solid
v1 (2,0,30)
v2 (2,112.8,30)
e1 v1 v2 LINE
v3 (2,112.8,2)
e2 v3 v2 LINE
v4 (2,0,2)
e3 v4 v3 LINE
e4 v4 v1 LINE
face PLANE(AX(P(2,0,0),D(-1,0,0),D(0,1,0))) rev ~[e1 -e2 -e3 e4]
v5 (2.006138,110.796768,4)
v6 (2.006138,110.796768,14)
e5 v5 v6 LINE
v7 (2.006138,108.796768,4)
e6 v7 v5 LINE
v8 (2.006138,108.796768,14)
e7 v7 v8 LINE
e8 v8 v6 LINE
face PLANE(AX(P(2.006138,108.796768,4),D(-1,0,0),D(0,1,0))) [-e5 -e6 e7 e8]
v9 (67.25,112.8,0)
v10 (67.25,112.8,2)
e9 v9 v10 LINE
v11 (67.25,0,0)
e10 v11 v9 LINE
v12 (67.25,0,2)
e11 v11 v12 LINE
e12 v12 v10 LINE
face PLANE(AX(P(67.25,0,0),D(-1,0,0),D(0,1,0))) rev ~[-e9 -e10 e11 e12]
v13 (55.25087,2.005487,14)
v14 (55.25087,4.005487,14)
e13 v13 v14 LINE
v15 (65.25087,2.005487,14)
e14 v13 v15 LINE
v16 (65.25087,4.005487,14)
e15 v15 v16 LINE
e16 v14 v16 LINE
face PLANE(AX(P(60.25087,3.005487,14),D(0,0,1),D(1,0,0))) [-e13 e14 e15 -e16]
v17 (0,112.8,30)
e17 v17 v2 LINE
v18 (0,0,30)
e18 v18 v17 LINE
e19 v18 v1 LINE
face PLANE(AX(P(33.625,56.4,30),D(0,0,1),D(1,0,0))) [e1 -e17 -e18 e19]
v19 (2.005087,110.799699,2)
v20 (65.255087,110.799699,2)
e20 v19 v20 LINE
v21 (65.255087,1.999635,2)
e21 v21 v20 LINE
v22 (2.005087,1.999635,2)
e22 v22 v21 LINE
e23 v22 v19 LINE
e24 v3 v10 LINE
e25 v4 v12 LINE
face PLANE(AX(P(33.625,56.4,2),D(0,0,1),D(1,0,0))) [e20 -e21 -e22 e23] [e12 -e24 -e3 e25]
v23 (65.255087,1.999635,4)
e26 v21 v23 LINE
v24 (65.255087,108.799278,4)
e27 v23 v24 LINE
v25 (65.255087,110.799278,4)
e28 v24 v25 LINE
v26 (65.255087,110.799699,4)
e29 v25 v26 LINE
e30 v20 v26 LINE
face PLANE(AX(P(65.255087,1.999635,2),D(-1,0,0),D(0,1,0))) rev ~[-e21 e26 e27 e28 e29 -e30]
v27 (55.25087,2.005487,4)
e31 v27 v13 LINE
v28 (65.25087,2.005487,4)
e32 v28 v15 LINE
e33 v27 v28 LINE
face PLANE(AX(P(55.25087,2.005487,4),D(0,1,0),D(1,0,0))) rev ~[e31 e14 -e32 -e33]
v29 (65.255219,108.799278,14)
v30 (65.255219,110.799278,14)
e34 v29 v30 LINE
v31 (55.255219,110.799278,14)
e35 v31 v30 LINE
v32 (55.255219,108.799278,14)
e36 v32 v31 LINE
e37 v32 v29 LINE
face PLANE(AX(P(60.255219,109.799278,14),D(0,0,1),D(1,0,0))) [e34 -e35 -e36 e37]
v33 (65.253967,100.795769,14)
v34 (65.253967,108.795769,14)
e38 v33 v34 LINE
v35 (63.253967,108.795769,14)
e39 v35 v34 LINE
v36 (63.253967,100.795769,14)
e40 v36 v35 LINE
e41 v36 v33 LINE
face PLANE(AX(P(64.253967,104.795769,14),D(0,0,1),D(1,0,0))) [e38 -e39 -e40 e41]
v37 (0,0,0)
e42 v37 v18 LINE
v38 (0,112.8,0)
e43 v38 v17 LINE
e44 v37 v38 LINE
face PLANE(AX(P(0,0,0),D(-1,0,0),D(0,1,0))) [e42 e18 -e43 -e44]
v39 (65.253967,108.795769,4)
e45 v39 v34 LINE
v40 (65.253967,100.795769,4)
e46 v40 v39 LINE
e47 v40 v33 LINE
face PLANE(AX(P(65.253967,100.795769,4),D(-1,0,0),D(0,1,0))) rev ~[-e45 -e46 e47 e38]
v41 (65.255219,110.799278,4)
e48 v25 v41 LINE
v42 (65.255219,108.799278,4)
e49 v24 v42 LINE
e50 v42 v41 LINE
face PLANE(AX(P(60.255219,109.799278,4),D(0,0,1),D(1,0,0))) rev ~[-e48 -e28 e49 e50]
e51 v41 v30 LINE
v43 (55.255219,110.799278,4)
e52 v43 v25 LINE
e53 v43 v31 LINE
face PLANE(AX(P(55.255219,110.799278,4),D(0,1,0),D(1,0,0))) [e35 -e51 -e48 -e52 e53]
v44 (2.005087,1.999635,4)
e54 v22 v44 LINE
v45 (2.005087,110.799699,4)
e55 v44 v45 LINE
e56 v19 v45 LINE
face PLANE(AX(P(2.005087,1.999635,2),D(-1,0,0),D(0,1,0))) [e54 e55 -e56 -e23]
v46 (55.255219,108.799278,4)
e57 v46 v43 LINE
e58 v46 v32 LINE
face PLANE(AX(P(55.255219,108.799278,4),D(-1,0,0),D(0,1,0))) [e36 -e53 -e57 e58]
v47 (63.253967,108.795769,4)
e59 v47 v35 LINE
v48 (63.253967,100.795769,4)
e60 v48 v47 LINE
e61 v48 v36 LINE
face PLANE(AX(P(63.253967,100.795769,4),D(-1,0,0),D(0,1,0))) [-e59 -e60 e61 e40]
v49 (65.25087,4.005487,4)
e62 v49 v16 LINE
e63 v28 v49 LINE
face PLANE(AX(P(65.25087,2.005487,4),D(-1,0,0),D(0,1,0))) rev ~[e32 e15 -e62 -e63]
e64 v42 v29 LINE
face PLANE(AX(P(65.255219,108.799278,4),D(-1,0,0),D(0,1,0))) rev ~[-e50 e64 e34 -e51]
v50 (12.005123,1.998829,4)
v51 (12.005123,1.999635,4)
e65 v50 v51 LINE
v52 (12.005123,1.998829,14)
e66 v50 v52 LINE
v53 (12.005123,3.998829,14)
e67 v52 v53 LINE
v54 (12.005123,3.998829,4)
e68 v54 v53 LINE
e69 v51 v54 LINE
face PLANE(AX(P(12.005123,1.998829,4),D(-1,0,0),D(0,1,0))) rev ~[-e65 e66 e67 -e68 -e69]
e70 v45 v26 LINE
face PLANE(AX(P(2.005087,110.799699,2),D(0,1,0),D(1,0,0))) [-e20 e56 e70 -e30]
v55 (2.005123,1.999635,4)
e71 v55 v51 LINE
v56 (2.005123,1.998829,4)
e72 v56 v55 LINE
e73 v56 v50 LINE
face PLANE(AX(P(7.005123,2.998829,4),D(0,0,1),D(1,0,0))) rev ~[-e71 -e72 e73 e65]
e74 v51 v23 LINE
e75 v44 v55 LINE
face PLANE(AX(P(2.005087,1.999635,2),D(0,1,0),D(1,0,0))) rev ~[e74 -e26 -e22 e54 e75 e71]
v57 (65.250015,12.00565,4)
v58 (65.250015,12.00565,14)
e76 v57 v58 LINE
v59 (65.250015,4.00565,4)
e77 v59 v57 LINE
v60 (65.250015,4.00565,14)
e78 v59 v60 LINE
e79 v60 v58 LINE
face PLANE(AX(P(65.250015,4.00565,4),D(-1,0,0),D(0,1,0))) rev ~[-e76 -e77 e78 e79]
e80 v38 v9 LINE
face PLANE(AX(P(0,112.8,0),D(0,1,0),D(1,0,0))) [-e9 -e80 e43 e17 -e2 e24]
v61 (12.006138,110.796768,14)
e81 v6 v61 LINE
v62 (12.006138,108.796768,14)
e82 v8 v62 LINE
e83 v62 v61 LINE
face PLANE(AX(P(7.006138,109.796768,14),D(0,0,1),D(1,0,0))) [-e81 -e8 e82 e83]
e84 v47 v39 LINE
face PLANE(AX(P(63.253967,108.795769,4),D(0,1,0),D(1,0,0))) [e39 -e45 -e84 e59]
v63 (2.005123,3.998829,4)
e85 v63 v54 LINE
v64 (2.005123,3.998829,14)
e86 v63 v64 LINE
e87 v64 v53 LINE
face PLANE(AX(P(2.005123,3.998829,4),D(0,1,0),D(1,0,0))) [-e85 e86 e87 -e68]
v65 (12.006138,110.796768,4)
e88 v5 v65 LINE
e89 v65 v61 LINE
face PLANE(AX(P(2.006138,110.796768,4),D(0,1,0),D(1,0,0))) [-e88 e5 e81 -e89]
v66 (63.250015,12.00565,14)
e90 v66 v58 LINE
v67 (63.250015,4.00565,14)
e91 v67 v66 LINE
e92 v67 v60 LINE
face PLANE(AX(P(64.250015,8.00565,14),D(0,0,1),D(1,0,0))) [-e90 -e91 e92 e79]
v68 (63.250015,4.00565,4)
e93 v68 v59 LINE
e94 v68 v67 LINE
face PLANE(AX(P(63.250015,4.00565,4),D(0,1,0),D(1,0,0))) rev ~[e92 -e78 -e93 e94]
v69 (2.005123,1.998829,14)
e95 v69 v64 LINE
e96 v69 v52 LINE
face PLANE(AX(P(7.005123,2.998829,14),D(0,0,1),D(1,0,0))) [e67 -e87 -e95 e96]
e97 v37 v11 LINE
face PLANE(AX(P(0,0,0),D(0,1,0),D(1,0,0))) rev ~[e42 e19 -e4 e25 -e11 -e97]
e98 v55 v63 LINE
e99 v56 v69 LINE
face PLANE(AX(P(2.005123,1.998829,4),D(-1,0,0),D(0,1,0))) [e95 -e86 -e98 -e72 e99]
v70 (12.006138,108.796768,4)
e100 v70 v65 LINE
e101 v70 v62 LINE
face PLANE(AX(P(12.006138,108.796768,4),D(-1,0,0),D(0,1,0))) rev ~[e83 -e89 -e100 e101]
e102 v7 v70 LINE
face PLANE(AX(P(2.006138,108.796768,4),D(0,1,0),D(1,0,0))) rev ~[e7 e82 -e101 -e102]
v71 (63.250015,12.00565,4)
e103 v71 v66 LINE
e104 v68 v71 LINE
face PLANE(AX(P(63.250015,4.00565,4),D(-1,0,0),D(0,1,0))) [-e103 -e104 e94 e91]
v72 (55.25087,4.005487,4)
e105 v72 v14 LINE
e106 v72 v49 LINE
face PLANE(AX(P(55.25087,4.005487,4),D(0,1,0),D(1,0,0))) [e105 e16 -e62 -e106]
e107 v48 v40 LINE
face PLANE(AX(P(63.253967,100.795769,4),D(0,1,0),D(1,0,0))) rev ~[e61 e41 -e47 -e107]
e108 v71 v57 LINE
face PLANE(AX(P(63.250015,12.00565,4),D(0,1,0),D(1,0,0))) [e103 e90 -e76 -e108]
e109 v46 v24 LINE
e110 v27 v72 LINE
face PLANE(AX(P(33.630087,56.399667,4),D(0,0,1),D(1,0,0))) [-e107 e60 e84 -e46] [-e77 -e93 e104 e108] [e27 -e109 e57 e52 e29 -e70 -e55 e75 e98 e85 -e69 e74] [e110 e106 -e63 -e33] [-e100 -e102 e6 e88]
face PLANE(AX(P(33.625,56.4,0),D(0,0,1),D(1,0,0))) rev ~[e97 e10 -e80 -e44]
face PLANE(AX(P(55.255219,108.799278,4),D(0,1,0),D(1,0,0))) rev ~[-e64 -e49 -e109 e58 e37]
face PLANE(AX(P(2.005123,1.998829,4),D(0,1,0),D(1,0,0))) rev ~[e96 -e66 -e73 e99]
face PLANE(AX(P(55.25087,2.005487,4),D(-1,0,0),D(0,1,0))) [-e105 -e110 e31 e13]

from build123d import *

# Parameters (mm, degrees)
SKETCH_W     = 67.25
SKETCH_H     = 112.8
PAD_DEPTH    = 30
THICKNESS_T  = -2
SKETCH001_W  = 63.25
SKETCH001_H  = 108.800063
PAD001_DEPTH = 2
SKETCH002_W  = 10
SKETCH002_H  = 2
PAD002_DEPTH = 10
SKETCH003_W  = 10
SKETCH003_H  = 2
PAD003_DEPTH = 10
SKETCH004_W  = 2
SKETCH004_H  = 8
PAD004_DEPTH = 10
SKETCH005_W  = 10
SKETCH005_H  = 2
PAD005_DEPTH = 10
SKETCH006_W  = 2
SKETCH006_H  = 8
PAD006_DEPTH = 10
SKETCH007_W  = 10
SKETCH007_H  = 2
PAD007_DEPTH = 10


with BuildPart() as part:
    # Sketch → Pad (new body)
    with BuildSketch(Plane.XY):
        with Locations((33.625, 56.4)):
            Rectangle(SKETCH_W, SKETCH_H)
    extrude(amount=PAD_DEPTH)

    # Thickness
    thickness_openings = [part.faces().sort_by_distance(p)[0] for p in [
        (67.25, 56.4, 15),
        (33.625, 0, 15),
        (33.625, 56.4, 30),
        (33.625, 112.8, 15),
    ]]
    offset(amount=THICKNESS_T, openings=thickness_openings)

    # Sketch001 (on Face8 of Thickness) → Pad001 (join)
    with BuildSketch(Plane.XY.offset(2)):
        with Locations((33.630087, 56.399667)):
            Rectangle(SKETCH001_W, SKETCH001_H)
    extrude(amount=PAD001_DEPTH)

    # Sketch002 (on Face13 of Pad001) → Pad002 (join)
    with BuildSketch(Plane.XY.offset(4)):
        with Locations((7.005123, 2.998829)):
            Rectangle(SKETCH002_W, SKETCH002_H)
    extrude(amount=PAD002_DEPTH)

    # Sketch003 (on Face13 of Pad002) → Pad003 (join)
    with BuildSketch(Plane.XY.offset(4)):
        with Locations((60.25087, 3.005487)):
            Rectangle(SKETCH003_W, SKETCH003_H)
    extrude(amount=PAD003_DEPTH)

    # Sketch004 (on Face13 of Pad003) → Pad004 (join)
    with BuildSketch(Plane.XY.offset(4)):
        with Locations((64.250015, 8.00565)):
            Rectangle(SKETCH004_W, SKETCH004_H)
    extrude(amount=PAD004_DEPTH)

    # Sketch005 (on Face13 of Pad004) → Pad005 (join)
    with BuildSketch(Plane.XY.offset(4)):
        with Locations((60.255219, 109.799278)):
            Rectangle(SKETCH005_W, SKETCH005_H)
    extrude(amount=PAD005_DEPTH)

    # Sketch006 (on Face13 of Pad005) → Pad006 (join)
    with BuildSketch(Plane.XY.offset(4)):
        with Locations((64.253967, 104.795769)):
            Rectangle(SKETCH006_W, SKETCH006_H)
    extrude(amount=PAD006_DEPTH)

    # Sketch007 (on Face13 of Pad006) → Pad007 (join)
    with BuildSketch(Plane.XY.offset(4)):
        with Locations((7.006138, 109.796768)):
            Rectangle(SKETCH007_W, SKETCH007_H)
    extrude(amount=PAD007_DEPTH)


solid = part.part
